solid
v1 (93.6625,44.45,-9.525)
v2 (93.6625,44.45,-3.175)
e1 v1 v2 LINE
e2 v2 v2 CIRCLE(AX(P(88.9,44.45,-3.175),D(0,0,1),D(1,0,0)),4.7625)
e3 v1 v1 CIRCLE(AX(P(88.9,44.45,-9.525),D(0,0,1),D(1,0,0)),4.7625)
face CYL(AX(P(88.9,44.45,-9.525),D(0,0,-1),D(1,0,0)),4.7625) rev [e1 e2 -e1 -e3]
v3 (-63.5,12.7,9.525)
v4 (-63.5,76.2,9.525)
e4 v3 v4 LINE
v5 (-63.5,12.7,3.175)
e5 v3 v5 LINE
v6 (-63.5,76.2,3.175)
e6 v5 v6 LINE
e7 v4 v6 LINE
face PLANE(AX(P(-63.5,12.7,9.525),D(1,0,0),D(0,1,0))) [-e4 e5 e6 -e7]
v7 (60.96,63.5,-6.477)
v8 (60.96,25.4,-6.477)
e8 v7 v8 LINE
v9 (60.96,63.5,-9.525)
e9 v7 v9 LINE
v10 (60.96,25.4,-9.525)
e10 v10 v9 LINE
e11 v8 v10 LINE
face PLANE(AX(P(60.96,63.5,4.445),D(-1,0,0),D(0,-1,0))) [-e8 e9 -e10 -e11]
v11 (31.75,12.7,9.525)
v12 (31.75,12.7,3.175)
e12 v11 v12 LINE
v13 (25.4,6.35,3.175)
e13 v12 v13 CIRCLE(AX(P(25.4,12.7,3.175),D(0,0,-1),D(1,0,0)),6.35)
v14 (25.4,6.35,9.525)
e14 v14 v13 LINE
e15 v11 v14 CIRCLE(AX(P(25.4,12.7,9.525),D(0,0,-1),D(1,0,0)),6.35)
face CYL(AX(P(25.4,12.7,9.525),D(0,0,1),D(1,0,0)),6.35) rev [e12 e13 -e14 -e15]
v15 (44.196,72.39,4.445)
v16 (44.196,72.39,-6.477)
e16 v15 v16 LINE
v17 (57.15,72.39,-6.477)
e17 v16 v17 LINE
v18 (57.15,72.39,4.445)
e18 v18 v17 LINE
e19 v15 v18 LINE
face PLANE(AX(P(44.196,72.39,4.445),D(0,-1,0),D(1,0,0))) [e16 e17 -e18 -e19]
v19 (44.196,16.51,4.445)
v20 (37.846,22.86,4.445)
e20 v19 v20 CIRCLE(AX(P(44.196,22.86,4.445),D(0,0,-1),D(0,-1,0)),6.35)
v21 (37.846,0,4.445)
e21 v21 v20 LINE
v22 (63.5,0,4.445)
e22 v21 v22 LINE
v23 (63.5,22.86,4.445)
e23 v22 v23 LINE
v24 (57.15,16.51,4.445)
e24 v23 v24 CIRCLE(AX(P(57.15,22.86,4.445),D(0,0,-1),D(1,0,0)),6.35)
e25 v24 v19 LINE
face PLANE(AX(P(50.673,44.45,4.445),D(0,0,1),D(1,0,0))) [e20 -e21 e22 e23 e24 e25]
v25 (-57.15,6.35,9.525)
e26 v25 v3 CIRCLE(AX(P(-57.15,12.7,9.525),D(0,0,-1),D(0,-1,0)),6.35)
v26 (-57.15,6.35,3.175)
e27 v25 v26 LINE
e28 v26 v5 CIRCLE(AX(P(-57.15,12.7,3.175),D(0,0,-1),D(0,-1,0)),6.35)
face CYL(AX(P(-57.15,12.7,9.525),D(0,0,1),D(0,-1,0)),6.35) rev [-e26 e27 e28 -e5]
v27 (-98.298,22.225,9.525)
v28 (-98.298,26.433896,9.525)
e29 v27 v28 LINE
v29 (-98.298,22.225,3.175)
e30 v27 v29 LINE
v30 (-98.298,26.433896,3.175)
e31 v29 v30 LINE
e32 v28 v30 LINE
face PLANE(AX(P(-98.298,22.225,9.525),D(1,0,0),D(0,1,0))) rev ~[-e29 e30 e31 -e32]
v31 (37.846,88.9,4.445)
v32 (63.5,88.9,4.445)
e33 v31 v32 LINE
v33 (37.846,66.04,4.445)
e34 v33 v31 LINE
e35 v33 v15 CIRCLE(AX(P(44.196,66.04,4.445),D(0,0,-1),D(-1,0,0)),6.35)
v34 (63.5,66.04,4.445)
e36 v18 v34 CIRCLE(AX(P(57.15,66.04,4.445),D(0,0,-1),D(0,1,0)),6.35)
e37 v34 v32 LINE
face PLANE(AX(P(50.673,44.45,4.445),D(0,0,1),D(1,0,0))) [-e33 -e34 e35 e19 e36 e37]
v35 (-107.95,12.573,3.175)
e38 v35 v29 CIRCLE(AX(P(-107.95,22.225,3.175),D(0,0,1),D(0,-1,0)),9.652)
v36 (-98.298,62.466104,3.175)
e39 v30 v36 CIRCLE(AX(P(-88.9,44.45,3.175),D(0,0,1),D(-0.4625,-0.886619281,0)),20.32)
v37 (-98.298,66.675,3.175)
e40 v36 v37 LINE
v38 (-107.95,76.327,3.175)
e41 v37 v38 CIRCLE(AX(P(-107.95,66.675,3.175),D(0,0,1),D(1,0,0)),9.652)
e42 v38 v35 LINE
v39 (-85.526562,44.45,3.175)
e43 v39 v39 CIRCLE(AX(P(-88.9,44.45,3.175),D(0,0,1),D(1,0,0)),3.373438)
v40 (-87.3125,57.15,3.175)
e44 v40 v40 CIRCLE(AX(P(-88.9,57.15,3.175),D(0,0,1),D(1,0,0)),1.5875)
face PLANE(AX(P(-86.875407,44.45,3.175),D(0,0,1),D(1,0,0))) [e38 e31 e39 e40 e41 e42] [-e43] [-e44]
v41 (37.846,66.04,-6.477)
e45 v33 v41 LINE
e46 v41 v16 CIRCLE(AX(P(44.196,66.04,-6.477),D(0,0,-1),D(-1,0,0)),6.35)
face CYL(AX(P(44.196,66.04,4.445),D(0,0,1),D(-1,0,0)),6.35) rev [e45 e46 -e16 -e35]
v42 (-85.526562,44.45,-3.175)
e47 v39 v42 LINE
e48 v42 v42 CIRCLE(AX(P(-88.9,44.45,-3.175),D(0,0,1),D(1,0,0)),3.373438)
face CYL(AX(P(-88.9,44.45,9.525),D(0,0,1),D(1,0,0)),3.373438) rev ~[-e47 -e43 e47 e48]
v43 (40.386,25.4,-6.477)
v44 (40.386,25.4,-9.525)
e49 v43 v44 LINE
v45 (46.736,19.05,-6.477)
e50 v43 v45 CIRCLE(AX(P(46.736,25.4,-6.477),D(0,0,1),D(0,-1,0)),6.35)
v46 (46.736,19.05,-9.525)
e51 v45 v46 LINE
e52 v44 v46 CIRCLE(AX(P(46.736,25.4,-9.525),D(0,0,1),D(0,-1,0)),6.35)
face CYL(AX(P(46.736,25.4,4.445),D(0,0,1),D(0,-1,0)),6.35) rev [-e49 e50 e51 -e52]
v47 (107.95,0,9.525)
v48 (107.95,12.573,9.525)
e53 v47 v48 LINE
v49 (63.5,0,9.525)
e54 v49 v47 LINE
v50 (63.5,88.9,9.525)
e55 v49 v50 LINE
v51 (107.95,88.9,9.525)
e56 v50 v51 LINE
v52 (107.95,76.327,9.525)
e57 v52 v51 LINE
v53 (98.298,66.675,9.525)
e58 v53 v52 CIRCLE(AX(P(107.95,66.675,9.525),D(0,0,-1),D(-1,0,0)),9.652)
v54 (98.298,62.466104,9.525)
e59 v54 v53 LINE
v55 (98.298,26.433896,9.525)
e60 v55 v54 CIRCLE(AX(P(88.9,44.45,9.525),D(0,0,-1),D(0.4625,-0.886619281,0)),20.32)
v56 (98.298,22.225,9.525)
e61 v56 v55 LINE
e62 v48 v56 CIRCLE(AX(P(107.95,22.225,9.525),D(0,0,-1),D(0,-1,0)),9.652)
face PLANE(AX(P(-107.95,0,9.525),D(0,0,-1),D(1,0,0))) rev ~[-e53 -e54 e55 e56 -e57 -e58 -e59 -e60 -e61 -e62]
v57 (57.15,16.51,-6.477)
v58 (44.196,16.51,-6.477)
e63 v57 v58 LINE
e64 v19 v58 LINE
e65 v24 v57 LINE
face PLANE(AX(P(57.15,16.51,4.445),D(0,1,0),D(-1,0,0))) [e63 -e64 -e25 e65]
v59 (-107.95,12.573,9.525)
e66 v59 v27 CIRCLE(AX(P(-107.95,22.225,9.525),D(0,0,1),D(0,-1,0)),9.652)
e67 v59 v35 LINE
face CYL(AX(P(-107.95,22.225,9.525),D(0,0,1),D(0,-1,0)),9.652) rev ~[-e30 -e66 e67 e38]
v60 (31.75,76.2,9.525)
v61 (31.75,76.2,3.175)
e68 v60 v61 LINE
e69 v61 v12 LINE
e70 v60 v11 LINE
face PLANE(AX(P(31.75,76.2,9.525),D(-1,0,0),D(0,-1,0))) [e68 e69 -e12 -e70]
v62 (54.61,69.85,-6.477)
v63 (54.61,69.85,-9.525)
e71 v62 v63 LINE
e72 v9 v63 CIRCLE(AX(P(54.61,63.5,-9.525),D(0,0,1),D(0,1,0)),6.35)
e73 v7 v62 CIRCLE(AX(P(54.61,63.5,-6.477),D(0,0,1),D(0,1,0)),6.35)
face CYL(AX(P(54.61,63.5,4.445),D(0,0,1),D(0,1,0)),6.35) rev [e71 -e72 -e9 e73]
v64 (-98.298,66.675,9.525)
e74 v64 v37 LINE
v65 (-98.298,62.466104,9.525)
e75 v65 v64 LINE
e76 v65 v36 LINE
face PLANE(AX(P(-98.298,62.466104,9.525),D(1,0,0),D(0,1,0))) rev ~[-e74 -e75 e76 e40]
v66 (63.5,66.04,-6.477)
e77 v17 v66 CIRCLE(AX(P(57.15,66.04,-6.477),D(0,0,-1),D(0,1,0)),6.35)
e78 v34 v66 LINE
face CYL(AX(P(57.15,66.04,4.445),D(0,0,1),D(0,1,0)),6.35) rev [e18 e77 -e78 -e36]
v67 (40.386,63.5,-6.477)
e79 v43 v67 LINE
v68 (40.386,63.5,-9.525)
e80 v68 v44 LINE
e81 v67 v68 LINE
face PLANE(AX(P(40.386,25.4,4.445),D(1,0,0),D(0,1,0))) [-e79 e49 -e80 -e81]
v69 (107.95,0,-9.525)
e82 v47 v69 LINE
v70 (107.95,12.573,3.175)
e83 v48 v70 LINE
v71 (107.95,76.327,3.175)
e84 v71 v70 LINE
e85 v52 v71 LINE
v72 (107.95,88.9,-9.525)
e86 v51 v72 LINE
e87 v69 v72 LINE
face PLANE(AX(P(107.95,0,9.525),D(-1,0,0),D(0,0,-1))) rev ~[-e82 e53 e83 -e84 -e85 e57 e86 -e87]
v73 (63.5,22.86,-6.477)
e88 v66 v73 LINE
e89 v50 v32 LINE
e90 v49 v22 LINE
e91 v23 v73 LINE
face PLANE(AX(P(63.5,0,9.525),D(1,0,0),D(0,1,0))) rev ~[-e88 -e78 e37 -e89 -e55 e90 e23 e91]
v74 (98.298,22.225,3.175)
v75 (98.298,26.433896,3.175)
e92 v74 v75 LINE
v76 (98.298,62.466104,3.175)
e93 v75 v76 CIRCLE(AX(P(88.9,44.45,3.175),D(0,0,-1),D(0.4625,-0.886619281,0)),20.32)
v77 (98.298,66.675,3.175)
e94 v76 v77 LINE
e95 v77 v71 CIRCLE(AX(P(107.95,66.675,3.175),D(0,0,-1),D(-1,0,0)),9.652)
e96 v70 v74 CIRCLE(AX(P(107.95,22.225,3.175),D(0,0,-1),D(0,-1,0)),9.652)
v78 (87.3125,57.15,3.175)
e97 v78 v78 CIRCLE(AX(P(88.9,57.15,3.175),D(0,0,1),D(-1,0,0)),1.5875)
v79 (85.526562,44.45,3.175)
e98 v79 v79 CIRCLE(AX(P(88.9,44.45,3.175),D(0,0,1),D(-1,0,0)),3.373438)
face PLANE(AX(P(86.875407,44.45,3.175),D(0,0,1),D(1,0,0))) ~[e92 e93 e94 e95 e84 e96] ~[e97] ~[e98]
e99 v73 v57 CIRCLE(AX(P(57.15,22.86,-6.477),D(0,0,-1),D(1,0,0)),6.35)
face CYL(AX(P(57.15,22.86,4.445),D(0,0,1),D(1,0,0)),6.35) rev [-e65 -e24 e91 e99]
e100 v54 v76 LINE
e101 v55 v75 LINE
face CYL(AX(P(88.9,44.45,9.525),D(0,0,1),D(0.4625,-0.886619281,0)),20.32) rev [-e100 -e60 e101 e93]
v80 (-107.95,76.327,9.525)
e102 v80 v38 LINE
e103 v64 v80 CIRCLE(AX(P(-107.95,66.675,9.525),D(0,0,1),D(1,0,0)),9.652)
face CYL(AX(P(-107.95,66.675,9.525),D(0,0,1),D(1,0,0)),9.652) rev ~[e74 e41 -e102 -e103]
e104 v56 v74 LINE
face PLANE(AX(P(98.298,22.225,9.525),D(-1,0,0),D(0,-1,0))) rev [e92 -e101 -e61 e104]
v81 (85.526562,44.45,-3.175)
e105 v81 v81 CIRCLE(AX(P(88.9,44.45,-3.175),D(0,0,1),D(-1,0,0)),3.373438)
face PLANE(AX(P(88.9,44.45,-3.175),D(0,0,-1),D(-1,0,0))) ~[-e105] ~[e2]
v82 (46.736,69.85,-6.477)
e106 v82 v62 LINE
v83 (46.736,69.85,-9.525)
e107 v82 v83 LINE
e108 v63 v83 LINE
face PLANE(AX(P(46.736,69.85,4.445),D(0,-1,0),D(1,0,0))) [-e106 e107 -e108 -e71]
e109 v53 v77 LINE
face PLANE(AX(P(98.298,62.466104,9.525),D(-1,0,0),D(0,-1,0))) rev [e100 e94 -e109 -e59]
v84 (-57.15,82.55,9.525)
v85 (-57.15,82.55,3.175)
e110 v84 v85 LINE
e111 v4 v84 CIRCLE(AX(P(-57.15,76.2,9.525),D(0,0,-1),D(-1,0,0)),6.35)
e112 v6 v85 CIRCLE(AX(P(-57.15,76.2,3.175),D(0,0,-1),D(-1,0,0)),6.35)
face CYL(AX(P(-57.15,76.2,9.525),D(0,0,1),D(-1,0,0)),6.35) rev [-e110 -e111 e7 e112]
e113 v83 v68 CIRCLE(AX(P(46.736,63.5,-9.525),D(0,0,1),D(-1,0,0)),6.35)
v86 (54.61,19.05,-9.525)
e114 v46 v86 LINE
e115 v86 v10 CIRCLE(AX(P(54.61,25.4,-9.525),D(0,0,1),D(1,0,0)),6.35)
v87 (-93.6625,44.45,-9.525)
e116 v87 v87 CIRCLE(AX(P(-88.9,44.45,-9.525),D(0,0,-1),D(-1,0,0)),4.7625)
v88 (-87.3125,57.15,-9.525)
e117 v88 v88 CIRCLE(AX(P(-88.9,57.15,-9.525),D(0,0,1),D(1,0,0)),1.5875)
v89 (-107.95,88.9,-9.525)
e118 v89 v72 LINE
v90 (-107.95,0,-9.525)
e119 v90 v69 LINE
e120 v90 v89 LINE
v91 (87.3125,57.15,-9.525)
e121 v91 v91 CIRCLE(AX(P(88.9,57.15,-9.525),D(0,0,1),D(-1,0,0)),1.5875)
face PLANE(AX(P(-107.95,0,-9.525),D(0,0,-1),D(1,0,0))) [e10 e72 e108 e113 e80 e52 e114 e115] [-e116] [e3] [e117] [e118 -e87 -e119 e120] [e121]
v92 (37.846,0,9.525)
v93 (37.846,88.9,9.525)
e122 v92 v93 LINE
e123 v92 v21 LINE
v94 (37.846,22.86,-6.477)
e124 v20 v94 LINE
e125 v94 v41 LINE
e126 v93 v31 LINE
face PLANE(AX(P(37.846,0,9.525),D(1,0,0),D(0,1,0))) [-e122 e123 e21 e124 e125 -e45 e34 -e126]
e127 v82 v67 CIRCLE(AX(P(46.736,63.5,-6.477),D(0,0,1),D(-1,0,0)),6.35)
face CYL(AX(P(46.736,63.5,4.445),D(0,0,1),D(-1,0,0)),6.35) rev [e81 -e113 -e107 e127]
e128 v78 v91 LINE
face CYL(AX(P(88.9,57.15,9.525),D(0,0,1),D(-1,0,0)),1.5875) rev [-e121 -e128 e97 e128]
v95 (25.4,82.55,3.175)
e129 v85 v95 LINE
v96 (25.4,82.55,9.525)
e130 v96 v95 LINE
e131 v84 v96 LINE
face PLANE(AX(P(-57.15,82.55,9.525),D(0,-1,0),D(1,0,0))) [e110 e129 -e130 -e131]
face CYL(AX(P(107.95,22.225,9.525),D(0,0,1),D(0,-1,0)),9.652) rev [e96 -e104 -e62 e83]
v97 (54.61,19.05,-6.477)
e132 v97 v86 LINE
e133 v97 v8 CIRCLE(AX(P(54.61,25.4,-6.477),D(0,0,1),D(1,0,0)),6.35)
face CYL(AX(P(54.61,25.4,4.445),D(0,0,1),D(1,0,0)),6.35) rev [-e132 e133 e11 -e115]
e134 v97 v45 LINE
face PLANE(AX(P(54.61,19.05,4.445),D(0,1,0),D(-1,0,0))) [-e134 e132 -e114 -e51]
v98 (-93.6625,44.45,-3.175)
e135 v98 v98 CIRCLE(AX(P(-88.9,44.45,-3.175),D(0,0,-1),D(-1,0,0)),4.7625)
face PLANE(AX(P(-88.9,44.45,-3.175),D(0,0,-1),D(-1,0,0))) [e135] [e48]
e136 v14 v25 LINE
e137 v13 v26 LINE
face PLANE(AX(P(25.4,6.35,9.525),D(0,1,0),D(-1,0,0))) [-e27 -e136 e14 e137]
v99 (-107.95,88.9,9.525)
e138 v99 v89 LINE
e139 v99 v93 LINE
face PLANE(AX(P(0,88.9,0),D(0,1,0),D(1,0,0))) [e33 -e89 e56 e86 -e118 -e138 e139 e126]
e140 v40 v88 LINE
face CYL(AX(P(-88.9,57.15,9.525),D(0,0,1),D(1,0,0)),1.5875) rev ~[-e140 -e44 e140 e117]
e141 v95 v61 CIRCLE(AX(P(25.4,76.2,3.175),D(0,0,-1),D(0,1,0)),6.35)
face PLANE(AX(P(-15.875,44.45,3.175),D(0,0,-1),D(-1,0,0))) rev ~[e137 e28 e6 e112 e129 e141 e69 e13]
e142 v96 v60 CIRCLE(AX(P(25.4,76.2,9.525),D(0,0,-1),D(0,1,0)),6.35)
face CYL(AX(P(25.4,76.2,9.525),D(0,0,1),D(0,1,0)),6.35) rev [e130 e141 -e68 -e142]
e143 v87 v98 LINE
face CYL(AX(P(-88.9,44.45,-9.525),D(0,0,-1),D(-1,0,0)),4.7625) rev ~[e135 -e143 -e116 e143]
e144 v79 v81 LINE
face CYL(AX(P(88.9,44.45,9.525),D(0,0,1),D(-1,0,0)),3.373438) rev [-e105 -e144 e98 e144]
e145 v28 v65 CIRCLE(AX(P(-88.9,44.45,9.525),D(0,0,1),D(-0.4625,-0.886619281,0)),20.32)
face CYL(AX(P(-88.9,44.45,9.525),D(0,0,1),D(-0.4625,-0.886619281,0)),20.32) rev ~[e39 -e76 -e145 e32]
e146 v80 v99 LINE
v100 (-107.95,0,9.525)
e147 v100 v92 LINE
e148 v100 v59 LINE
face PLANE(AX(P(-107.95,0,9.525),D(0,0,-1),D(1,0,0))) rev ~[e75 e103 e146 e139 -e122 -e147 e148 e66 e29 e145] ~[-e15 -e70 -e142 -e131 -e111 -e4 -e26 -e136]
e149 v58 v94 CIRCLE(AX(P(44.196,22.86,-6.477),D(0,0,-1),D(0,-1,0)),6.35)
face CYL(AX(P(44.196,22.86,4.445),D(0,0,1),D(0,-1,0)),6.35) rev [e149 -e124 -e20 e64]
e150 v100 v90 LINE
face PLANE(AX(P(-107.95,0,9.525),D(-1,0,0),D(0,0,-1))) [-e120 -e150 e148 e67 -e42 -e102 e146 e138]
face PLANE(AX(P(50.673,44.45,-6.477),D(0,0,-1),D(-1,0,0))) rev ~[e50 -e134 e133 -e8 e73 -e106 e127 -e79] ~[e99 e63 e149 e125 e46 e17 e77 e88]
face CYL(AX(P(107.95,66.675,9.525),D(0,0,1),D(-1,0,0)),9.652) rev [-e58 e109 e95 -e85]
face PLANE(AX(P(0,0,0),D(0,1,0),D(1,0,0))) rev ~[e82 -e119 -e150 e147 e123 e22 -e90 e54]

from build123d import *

# Parameters (mm, degrees)
SKETCH1_W           = 215.9
SKETCH1_H           = 19.05
BOSS_EXTRUDE1_DEPTH = 88.9
SKETCH2_W           = 25.654
SKETCH2_H           = 88.9
CUT_EXTRUDE1_DEPTH  = 5.08
CUT_EXTRUDE2_DEPTH  = 6.35
CUT_EXTRUDE3_DEPTH  = 141.54029102
CUT_EXTRUDE4_DEPTH  = 10.922
CUT_EXTRUDE5_DEPTH  = 6.35
SKETCH9_R           = 3.3734375
SKETCH9_R_2         = 1.5875
CUT_EXTRUDE6_DEPTH  = 142.135803395
SKETCH10_R          = 4.7625
CUT_EXTRUDE7_DEPTH  = 6.35


with BuildPart() as part:
    # Sketch1 → Boss-Extrude1 (new body)
    with BuildSketch(Plane(origin=(0, 0, 0), x_dir=(1, 0, 0), z_dir=(0, 1, 0))):
        Rectangle(SKETCH1_W, SKETCH1_H)
    extrude(amount=BOSS_EXTRUDE1_DEPTH)

    # Sketch2 → Cut-Extrude1 (cut)
    with BuildSketch(Plane.XY.offset(9.525)):
        with Locations((50.673, 44.45)):
            Rectangle(SKETCH2_W, SKETCH2_H)
    extrude(amount=-CUT_EXTRUDE1_DEPTH, mode=Mode.SUBTRACT)

    # Sketch3 → Cut-Extrude2 (cut)
    with BuildSketch(Plane.XY.offset(9.525)):
        with BuildLine():
            Line((-57.15, 82.55), (25.4, 82.55))
            ThreePointArc((25.4, 82.55), (29.890128061, 80.690128061), (31.75, 76.2))
            Line((31.75, 76.2), (31.75, 12.7))
            ThreePointArc((31.75, 12.7), (29.890128061, 8.209871939), (25.4, 6.35))
            Line((25.4, 6.35), (-57.15, 6.35))
            ThreePointArc((-57.15, 6.35), (-61.640128061, 8.209871939), (-63.5, 12.7))
            Line((-63.5, 12.7), (-63.5, 76.2))
            ThreePointArc((-63.5, 76.2), (-61.640128061, 80.690128061), (-57.15, 82.55))
        make_face()
    extrude(amount=-CUT_EXTRUDE2_DEPTH, mode=Mode.SUBTRACT)

    # Sketch6 → Cut-Extrude3 (cut, through all)
    with BuildSketch(Plane.XY.offset(4.445)):
        with BuildLine():
            Line((46.736, 69.85), (54.61, 69.85))
            ThreePointArc((54.61, 69.85), (59.100128061, 67.990128061), (60.96, 63.5))
            Line((60.96, 63.5), (60.96, 25.4))
            ThreePointArc((60.96, 25.4), (59.100128061, 20.909871939), (54.61, 19.05))
            Line((54.61, 19.05), (46.736, 19.05))
            ThreePointArc((46.736, 19.05), (42.245871939, 20.909871939), (40.386, 25.4))
            Line((40.386, 25.4), (40.386, 63.5))
            ThreePointArc((40.386, 63.5), (42.245871939, 67.990128061), (46.736, 69.85))
        make_face()
    extrude(amount=-CUT_EXTRUDE3_DEPTH, mode=Mode.SUBTRACT)

    # Sketch5 → Cut-Extrude4 (cut)
    with BuildSketch(Plane.XY.offset(4.445)):
        with BuildLine():
            Line((44.196, 72.39), (57.15, 72.39))
            ThreePointArc((57.15, 72.39), (61.640128061, 70.530128061), (63.5, 66.04))
            Line((63.5, 66.04), (63.5, 22.86))
            ThreePointArc((63.5, 22.86), (61.640128061, 18.369871939), (57.15, 16.51))
            Line((57.15, 16.51), (44.196, 16.51))
            ThreePointArc((44.196, 16.51), (39.705871939, 18.369871939), (37.846, 22.86))
            Line((37.846, 22.86), (37.846, 66.04))
            ThreePointArc((37.846, 66.04), (39.705871939, 70.530128061), (44.196, 72.39))
        make_face()
    extrude(amount=-CUT_EXTRUDE4_DEPTH, mode=Mode.SUBTRACT)

    # Sketch8 → Cut-Extrude5 (cut)
    with BuildSketch(Plane.XY.offset(9.525)):
        with BuildLine():
            ThreePointArc((-98.298, 26.433896204), (-68.58, 44.45), (-98.298, 62.466103796))
            Line((-98.298, 62.466103796), (-98.298, 26.433896204))
        make_face()
        with BuildLine():
            Line((-98.298, 62.466103796), (-98.298, 66.675))
            ThreePointArc((-98.298, 66.675), (-101.125005348, 73.499994652), (-107.95, 76.327))
            Line((-107.95, 76.327), (-107.95, 12.573))
            ThreePointArc((-107.95, 12.573), (-101.125005348, 15.400005348), (-98.298, 22.225))
            Line((-98.298, 22.225), (-98.298, 26.433896204))
            Line((-98.298, 26.433896204), (-98.298, 62.466103796))
        make_face()
    cut_extrude5 = extrude(amount=-CUT_EXTRUDE5_DEPTH, mode=Mode.SUBTRACT)

    # Sketch9 → Cut-Extrude6 (cut, through all)
    with BuildSketch(Plane.XY.offset(9.525)):
        with Locations((-88.9, 44.45)):
            Circle(SKETCH9_R)
        with Locations((-88.9, 57.15)):
            Circle(SKETCH9_R_2)
    cut_extrude6 = extrude(amount=-CUT_EXTRUDE6_DEPTH, mode=Mode.SUBTRACT)

    # Sketch10 → Cut-Extrude7 (cut)
    with BuildSketch(Plane(origin=(0, 0, -9.525), x_dir=(-1, 0, 0), z_dir=(0, 0, -1))):
        with Locations((88.9, 44.45)):
            Circle(SKETCH10_R)
    cut_extrude7 = extrude(amount=-CUT_EXTRUDE7_DEPTH, mode=Mode.SUBTRACT)

    # Mirror1: Cut-Extrude5, Cut-Extrude6, Cut-Extrude7 across plane
    add(cut_extrude5.mirror(Plane(origin=(0, 0, 0), x_dir=(0, 0, 1), z_dir=(1, 0, 0))), mode=Mode.SUBTRACT)
    add(cut_extrude6.mirror(Plane(origin=(0, 0, 0), x_dir=(0, 0, 1), z_dir=(1, 0, 0))), mode=Mode.SUBTRACT)
    add(cut_extrude7.mirror(Plane(origin=(0, 0, 0), x_dir=(0, 0, 1), z_dir=(1, 0, 0))), mode=Mode.SUBTRACT)


solid = part.part
